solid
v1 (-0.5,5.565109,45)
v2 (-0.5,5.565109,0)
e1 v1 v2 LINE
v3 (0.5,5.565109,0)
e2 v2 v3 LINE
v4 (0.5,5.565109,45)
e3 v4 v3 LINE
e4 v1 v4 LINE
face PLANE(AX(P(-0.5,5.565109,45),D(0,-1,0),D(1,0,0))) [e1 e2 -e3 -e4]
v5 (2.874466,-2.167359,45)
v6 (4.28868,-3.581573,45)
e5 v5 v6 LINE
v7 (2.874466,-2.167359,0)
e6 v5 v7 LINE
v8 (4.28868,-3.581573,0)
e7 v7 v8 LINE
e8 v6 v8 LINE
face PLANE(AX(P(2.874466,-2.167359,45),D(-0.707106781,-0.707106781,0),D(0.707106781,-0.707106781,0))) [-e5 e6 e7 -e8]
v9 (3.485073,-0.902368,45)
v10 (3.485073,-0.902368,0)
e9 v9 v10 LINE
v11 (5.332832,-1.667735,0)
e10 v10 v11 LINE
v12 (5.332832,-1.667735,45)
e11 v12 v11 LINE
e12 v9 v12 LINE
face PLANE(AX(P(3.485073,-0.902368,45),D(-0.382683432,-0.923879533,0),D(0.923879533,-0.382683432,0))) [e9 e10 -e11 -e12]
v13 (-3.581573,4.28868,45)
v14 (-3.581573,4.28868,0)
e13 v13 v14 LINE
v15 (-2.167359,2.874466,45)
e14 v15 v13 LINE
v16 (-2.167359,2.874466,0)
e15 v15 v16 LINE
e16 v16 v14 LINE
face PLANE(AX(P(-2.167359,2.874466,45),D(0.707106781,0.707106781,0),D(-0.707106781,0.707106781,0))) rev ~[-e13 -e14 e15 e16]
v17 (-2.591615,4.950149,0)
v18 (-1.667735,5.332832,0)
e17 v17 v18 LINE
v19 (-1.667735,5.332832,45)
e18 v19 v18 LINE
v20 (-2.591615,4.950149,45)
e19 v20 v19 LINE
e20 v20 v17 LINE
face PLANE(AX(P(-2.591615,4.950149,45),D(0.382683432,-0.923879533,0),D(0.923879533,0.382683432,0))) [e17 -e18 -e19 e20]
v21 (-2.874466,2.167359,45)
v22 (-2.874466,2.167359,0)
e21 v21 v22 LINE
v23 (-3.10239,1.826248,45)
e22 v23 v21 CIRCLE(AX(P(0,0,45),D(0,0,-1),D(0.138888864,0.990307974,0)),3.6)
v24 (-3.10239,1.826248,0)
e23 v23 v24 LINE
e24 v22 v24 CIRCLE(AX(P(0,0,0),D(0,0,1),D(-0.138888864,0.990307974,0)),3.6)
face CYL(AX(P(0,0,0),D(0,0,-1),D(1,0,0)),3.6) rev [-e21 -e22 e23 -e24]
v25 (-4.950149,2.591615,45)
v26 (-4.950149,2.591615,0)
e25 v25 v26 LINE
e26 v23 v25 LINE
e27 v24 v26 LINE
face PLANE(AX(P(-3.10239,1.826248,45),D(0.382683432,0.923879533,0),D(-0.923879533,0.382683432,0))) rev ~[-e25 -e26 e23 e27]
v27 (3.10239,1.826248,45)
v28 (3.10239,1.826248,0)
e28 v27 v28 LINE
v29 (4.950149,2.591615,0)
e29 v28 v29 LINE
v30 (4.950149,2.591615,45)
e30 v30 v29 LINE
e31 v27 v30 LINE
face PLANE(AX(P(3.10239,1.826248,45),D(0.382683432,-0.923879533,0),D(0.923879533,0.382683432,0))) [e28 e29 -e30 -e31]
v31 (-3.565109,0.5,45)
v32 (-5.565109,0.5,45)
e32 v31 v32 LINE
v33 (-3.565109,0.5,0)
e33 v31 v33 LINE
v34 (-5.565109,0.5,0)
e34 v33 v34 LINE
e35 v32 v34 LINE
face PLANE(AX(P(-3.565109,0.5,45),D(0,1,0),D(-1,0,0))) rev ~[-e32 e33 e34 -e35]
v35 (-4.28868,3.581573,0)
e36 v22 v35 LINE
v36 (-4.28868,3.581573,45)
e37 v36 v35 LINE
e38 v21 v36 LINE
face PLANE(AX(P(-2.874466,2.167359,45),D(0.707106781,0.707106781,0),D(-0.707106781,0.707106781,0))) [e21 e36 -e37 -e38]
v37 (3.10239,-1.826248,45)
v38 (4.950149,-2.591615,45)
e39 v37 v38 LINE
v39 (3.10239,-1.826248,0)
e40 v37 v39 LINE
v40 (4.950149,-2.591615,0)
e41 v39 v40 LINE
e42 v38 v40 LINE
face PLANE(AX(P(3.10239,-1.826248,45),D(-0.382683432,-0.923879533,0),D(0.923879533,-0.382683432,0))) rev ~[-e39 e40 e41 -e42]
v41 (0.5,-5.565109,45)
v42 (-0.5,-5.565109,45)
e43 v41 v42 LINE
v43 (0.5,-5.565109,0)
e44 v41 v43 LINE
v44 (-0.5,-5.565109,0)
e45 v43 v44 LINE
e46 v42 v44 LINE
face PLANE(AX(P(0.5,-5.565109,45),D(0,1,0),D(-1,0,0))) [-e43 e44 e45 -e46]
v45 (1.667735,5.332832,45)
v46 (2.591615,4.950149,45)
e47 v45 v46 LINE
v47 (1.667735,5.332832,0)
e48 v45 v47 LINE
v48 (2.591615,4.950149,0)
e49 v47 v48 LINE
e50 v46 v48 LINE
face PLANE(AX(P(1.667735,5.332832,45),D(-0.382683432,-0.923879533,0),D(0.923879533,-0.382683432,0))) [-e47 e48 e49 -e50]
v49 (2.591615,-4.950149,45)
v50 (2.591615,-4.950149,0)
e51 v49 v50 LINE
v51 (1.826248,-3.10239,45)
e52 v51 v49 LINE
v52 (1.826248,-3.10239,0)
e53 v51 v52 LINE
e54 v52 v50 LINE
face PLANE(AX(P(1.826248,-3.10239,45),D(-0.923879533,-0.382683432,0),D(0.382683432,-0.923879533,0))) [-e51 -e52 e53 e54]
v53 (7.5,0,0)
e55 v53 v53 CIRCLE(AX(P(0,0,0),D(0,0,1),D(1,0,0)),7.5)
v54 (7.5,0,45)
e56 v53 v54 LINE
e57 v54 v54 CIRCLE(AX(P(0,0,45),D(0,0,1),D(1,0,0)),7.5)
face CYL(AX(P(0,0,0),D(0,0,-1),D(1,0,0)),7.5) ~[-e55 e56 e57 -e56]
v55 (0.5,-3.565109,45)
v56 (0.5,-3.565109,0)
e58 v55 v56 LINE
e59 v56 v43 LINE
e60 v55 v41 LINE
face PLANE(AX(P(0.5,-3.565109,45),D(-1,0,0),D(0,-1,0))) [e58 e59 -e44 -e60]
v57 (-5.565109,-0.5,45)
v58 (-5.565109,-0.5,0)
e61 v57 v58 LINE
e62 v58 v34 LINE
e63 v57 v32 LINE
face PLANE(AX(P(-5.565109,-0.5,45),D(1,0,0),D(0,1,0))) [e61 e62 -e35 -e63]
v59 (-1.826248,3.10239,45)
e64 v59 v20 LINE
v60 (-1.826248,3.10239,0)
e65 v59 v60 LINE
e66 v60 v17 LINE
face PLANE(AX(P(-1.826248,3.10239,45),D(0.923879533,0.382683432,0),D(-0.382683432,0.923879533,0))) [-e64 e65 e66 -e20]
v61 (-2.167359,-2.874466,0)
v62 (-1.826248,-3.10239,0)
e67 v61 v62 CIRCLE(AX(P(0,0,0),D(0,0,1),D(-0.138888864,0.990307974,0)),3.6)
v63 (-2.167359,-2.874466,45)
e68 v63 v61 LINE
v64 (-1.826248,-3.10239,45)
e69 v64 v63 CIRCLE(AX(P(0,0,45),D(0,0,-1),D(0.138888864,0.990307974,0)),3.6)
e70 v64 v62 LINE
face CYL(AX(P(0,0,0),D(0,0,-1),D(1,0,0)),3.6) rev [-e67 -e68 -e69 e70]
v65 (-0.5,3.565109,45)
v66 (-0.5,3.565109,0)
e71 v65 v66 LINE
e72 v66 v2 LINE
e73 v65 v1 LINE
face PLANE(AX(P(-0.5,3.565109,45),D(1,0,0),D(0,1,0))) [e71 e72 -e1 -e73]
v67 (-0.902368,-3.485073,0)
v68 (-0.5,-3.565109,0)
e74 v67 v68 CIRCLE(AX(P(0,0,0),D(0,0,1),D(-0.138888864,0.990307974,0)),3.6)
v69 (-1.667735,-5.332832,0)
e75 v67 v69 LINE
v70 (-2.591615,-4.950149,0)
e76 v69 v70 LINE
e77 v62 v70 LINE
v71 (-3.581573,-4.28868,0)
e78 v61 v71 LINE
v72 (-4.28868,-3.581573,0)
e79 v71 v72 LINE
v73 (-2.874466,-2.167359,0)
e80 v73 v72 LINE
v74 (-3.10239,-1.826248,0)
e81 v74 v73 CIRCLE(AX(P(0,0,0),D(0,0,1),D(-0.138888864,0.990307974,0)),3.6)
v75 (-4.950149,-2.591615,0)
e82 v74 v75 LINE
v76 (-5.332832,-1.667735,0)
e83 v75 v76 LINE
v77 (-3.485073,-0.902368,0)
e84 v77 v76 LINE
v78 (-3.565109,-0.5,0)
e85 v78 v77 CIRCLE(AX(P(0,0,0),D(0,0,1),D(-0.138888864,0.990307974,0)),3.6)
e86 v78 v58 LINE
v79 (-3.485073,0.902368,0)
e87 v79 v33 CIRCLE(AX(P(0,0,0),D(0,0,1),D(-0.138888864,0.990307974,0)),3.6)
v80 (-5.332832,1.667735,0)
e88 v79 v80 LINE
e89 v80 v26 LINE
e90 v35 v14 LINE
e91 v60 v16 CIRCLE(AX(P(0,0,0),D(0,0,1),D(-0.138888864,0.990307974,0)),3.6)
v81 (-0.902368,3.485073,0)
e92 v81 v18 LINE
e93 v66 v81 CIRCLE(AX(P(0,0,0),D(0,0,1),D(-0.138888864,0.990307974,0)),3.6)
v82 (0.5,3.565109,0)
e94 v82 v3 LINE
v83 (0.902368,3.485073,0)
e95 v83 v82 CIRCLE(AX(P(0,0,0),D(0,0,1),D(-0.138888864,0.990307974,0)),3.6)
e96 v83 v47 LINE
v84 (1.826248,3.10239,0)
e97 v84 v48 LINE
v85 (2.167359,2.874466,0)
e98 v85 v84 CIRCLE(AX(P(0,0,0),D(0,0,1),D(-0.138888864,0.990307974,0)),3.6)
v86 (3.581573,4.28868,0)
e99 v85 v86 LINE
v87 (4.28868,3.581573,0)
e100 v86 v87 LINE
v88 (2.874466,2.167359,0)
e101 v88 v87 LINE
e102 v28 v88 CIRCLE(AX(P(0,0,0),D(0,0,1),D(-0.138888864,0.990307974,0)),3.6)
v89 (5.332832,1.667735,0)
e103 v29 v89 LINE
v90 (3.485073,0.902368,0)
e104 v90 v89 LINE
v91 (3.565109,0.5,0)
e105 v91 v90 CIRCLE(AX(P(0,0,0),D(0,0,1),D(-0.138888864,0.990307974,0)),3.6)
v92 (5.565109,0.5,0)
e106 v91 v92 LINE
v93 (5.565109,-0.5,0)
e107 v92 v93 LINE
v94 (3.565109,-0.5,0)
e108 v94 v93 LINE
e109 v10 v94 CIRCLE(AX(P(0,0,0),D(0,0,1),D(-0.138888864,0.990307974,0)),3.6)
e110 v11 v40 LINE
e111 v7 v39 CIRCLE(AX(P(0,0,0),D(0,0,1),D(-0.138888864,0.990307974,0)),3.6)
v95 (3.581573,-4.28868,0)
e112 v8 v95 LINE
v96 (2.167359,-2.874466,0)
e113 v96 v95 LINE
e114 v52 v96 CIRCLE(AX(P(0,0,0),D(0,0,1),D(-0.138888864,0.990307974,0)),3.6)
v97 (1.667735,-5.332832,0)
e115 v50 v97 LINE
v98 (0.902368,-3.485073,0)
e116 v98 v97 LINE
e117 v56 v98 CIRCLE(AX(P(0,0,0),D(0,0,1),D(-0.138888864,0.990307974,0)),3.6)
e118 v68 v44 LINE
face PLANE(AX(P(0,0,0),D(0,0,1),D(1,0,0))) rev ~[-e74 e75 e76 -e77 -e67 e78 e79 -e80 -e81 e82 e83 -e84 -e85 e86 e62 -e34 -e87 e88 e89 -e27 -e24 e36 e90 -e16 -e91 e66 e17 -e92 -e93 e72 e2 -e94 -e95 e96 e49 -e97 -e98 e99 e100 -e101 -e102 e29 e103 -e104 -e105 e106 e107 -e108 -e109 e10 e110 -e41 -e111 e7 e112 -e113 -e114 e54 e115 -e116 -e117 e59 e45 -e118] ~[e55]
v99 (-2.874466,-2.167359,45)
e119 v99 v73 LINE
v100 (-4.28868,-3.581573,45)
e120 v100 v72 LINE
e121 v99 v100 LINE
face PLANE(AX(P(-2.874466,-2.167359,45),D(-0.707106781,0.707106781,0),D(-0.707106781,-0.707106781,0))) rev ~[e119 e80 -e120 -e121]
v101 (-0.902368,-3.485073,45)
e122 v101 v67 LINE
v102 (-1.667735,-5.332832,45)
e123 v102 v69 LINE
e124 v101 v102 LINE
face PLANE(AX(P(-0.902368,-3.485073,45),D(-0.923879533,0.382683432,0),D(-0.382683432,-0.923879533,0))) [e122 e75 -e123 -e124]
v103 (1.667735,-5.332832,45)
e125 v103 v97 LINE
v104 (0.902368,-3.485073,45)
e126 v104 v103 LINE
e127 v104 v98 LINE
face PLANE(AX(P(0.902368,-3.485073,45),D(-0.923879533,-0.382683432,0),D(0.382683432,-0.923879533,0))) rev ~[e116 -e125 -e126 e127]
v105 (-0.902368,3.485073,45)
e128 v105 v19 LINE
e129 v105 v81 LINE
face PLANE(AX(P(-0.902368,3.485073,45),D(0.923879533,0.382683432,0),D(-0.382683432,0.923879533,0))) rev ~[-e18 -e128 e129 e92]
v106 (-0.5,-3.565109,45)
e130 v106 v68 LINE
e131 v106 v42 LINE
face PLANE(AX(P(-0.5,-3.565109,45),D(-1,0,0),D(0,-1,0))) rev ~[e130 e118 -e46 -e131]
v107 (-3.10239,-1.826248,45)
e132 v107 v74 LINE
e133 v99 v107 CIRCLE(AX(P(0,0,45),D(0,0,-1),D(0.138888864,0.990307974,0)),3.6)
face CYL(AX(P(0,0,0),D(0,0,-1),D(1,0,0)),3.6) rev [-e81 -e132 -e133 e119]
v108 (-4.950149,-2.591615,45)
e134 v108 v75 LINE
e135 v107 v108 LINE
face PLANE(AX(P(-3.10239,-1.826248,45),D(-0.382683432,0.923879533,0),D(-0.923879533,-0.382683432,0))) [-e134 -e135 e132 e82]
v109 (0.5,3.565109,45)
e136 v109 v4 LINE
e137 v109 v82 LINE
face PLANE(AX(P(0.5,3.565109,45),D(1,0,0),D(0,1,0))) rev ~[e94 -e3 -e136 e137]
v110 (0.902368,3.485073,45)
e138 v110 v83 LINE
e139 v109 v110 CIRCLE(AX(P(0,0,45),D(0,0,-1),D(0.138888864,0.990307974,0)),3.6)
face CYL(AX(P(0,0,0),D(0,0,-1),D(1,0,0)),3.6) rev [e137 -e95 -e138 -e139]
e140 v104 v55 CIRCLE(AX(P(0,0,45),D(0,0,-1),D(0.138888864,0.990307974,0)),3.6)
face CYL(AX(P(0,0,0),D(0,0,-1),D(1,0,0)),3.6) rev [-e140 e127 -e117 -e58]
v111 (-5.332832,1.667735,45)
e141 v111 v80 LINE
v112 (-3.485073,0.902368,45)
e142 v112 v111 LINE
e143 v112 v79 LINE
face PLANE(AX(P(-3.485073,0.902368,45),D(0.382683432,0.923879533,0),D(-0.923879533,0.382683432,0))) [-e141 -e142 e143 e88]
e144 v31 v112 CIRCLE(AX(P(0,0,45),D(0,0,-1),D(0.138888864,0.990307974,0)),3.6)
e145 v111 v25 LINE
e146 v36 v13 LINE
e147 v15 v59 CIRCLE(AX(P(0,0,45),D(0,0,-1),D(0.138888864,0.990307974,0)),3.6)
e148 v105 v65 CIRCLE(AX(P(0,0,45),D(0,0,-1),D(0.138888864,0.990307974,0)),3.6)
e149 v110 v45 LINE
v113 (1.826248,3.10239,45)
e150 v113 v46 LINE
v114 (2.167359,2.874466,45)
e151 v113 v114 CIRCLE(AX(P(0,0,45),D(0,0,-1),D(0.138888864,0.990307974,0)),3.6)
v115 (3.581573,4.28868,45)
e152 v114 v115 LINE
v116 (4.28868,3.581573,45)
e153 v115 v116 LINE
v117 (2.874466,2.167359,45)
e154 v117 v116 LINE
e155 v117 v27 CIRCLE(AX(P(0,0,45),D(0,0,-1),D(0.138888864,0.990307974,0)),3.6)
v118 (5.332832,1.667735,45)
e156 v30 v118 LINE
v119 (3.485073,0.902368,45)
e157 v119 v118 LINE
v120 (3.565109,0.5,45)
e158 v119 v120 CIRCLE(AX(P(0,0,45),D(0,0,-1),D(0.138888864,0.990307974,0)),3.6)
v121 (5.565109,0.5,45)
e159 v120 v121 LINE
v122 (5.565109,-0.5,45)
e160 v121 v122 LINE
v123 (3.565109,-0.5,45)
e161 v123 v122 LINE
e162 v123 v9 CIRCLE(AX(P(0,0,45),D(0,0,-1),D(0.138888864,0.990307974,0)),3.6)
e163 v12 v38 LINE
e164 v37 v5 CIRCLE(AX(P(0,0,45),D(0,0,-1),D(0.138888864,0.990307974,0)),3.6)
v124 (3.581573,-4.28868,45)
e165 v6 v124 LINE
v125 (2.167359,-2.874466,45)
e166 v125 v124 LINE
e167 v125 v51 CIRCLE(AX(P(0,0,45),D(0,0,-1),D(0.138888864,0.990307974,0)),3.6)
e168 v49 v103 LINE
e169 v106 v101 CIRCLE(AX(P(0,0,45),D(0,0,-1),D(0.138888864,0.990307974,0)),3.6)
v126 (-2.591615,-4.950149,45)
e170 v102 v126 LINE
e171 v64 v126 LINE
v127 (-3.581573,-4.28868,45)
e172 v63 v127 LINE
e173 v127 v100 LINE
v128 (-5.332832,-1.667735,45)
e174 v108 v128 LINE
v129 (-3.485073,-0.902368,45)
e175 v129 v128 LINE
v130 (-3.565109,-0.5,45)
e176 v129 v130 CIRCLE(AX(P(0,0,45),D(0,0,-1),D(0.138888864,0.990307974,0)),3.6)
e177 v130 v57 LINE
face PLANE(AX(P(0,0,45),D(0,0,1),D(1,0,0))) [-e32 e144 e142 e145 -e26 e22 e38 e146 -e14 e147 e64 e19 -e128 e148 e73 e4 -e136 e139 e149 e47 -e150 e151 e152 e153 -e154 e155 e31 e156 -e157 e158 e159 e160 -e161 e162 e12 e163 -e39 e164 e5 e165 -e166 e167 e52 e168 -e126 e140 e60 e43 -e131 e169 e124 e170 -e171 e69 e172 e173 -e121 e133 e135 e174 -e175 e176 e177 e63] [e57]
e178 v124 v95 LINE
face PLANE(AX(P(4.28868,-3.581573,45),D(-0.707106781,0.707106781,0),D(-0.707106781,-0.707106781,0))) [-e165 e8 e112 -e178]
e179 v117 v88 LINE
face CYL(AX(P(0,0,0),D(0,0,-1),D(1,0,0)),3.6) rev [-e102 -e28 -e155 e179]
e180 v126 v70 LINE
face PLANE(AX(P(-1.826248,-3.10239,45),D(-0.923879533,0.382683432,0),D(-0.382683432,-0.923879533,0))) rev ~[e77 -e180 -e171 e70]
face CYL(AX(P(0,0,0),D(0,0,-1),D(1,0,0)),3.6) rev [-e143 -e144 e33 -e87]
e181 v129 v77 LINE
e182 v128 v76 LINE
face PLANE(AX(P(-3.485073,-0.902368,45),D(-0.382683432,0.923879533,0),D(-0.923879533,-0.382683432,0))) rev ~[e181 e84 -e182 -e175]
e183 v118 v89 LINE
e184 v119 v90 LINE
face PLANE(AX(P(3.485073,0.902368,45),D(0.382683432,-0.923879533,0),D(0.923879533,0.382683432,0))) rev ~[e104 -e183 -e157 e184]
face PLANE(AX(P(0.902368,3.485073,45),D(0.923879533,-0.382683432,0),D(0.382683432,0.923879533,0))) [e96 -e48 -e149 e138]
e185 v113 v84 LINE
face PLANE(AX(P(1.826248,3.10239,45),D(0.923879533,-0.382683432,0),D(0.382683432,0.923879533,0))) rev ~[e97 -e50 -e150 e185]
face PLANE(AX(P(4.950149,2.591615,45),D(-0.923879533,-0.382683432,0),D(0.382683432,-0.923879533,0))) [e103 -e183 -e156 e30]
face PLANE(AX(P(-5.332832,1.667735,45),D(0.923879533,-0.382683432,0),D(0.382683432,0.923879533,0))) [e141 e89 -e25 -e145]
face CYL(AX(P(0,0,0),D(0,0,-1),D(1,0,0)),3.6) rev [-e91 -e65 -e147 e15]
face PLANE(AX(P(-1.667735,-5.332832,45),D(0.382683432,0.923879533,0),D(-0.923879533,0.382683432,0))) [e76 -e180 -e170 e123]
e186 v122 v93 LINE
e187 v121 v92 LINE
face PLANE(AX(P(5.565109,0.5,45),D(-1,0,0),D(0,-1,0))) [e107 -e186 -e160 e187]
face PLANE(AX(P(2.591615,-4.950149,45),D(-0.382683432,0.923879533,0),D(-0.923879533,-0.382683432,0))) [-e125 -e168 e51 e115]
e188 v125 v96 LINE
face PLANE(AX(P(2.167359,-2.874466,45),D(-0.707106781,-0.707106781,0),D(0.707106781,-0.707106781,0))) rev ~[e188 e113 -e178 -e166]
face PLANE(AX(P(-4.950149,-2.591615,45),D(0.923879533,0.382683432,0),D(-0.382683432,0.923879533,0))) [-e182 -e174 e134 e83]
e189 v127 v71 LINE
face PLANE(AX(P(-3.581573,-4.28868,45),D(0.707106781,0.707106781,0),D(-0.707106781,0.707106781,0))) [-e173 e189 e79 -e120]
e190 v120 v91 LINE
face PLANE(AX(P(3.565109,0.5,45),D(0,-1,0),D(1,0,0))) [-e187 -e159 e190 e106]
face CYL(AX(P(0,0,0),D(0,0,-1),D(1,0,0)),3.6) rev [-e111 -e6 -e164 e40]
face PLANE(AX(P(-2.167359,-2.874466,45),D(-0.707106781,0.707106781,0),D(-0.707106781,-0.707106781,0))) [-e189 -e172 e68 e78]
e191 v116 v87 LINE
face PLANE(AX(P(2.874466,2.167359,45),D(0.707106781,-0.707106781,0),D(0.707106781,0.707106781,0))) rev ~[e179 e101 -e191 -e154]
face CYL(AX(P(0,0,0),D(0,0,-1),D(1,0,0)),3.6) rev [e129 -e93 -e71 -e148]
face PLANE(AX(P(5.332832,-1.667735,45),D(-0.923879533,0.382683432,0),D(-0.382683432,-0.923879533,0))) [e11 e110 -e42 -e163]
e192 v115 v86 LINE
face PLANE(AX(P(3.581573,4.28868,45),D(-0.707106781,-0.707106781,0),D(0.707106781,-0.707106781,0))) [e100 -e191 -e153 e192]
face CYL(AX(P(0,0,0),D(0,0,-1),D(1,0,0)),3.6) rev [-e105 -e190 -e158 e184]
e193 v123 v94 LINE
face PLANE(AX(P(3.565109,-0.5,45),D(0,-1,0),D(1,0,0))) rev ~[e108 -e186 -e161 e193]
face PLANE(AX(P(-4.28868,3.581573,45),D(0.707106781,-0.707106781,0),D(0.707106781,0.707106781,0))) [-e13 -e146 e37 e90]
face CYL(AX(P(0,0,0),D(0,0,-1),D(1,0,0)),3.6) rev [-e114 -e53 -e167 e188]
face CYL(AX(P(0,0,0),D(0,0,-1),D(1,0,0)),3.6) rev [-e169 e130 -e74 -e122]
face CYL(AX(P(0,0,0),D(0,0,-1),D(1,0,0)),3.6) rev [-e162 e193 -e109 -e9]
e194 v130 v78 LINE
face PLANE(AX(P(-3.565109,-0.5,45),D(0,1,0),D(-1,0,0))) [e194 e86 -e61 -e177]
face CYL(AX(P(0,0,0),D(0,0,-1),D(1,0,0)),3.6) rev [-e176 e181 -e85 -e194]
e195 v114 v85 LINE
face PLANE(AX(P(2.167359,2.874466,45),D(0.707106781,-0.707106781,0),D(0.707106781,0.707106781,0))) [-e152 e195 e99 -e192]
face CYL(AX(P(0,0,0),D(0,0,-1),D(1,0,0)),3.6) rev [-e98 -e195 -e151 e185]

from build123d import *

# Parameters (mm, degrees)
SKETCH_R           = 7.5
SKETCH_R_2         = 3.6
PAD_DEPTH          = 45
SKETCH001_W        = 1
SKETCH001_H        = 2
POCKET_DEPTH       = 45
POLARPATTERN_COUNT = 16


with BuildPart() as part:
    # Sketch → Pad (new body)
    with BuildSketch(Plane.XY):
        Circle(SKETCH_R)
        Circle(SKETCH_R_2, mode=Mode.SUBTRACT)
    extrude(amount=PAD_DEPTH)

    # Sketch001 (on Face4 of Pad) → Pocket (cut)
    with BuildSketch(Plane.XY.offset(45)):
        with Locations((0, 4.565109)):
            Rectangle(SKETCH001_W, SKETCH001_H)
    pocket = extrude(amount=-POCKET_DEPTH, mode=Mode.SUBTRACT)

    # PolarPattern: Pocket ×16 about axis
    polarpattern_axis = Axis((0, 0, 45), (0, 0, 1))
    for i in range(1, POLARPATTERN_COUNT):
        add(pocket.rotate(polarpattern_axis, i * 360 / POLARPATTERN_COUNT), mode=Mode.SUBTRACT)


solid = part.part
